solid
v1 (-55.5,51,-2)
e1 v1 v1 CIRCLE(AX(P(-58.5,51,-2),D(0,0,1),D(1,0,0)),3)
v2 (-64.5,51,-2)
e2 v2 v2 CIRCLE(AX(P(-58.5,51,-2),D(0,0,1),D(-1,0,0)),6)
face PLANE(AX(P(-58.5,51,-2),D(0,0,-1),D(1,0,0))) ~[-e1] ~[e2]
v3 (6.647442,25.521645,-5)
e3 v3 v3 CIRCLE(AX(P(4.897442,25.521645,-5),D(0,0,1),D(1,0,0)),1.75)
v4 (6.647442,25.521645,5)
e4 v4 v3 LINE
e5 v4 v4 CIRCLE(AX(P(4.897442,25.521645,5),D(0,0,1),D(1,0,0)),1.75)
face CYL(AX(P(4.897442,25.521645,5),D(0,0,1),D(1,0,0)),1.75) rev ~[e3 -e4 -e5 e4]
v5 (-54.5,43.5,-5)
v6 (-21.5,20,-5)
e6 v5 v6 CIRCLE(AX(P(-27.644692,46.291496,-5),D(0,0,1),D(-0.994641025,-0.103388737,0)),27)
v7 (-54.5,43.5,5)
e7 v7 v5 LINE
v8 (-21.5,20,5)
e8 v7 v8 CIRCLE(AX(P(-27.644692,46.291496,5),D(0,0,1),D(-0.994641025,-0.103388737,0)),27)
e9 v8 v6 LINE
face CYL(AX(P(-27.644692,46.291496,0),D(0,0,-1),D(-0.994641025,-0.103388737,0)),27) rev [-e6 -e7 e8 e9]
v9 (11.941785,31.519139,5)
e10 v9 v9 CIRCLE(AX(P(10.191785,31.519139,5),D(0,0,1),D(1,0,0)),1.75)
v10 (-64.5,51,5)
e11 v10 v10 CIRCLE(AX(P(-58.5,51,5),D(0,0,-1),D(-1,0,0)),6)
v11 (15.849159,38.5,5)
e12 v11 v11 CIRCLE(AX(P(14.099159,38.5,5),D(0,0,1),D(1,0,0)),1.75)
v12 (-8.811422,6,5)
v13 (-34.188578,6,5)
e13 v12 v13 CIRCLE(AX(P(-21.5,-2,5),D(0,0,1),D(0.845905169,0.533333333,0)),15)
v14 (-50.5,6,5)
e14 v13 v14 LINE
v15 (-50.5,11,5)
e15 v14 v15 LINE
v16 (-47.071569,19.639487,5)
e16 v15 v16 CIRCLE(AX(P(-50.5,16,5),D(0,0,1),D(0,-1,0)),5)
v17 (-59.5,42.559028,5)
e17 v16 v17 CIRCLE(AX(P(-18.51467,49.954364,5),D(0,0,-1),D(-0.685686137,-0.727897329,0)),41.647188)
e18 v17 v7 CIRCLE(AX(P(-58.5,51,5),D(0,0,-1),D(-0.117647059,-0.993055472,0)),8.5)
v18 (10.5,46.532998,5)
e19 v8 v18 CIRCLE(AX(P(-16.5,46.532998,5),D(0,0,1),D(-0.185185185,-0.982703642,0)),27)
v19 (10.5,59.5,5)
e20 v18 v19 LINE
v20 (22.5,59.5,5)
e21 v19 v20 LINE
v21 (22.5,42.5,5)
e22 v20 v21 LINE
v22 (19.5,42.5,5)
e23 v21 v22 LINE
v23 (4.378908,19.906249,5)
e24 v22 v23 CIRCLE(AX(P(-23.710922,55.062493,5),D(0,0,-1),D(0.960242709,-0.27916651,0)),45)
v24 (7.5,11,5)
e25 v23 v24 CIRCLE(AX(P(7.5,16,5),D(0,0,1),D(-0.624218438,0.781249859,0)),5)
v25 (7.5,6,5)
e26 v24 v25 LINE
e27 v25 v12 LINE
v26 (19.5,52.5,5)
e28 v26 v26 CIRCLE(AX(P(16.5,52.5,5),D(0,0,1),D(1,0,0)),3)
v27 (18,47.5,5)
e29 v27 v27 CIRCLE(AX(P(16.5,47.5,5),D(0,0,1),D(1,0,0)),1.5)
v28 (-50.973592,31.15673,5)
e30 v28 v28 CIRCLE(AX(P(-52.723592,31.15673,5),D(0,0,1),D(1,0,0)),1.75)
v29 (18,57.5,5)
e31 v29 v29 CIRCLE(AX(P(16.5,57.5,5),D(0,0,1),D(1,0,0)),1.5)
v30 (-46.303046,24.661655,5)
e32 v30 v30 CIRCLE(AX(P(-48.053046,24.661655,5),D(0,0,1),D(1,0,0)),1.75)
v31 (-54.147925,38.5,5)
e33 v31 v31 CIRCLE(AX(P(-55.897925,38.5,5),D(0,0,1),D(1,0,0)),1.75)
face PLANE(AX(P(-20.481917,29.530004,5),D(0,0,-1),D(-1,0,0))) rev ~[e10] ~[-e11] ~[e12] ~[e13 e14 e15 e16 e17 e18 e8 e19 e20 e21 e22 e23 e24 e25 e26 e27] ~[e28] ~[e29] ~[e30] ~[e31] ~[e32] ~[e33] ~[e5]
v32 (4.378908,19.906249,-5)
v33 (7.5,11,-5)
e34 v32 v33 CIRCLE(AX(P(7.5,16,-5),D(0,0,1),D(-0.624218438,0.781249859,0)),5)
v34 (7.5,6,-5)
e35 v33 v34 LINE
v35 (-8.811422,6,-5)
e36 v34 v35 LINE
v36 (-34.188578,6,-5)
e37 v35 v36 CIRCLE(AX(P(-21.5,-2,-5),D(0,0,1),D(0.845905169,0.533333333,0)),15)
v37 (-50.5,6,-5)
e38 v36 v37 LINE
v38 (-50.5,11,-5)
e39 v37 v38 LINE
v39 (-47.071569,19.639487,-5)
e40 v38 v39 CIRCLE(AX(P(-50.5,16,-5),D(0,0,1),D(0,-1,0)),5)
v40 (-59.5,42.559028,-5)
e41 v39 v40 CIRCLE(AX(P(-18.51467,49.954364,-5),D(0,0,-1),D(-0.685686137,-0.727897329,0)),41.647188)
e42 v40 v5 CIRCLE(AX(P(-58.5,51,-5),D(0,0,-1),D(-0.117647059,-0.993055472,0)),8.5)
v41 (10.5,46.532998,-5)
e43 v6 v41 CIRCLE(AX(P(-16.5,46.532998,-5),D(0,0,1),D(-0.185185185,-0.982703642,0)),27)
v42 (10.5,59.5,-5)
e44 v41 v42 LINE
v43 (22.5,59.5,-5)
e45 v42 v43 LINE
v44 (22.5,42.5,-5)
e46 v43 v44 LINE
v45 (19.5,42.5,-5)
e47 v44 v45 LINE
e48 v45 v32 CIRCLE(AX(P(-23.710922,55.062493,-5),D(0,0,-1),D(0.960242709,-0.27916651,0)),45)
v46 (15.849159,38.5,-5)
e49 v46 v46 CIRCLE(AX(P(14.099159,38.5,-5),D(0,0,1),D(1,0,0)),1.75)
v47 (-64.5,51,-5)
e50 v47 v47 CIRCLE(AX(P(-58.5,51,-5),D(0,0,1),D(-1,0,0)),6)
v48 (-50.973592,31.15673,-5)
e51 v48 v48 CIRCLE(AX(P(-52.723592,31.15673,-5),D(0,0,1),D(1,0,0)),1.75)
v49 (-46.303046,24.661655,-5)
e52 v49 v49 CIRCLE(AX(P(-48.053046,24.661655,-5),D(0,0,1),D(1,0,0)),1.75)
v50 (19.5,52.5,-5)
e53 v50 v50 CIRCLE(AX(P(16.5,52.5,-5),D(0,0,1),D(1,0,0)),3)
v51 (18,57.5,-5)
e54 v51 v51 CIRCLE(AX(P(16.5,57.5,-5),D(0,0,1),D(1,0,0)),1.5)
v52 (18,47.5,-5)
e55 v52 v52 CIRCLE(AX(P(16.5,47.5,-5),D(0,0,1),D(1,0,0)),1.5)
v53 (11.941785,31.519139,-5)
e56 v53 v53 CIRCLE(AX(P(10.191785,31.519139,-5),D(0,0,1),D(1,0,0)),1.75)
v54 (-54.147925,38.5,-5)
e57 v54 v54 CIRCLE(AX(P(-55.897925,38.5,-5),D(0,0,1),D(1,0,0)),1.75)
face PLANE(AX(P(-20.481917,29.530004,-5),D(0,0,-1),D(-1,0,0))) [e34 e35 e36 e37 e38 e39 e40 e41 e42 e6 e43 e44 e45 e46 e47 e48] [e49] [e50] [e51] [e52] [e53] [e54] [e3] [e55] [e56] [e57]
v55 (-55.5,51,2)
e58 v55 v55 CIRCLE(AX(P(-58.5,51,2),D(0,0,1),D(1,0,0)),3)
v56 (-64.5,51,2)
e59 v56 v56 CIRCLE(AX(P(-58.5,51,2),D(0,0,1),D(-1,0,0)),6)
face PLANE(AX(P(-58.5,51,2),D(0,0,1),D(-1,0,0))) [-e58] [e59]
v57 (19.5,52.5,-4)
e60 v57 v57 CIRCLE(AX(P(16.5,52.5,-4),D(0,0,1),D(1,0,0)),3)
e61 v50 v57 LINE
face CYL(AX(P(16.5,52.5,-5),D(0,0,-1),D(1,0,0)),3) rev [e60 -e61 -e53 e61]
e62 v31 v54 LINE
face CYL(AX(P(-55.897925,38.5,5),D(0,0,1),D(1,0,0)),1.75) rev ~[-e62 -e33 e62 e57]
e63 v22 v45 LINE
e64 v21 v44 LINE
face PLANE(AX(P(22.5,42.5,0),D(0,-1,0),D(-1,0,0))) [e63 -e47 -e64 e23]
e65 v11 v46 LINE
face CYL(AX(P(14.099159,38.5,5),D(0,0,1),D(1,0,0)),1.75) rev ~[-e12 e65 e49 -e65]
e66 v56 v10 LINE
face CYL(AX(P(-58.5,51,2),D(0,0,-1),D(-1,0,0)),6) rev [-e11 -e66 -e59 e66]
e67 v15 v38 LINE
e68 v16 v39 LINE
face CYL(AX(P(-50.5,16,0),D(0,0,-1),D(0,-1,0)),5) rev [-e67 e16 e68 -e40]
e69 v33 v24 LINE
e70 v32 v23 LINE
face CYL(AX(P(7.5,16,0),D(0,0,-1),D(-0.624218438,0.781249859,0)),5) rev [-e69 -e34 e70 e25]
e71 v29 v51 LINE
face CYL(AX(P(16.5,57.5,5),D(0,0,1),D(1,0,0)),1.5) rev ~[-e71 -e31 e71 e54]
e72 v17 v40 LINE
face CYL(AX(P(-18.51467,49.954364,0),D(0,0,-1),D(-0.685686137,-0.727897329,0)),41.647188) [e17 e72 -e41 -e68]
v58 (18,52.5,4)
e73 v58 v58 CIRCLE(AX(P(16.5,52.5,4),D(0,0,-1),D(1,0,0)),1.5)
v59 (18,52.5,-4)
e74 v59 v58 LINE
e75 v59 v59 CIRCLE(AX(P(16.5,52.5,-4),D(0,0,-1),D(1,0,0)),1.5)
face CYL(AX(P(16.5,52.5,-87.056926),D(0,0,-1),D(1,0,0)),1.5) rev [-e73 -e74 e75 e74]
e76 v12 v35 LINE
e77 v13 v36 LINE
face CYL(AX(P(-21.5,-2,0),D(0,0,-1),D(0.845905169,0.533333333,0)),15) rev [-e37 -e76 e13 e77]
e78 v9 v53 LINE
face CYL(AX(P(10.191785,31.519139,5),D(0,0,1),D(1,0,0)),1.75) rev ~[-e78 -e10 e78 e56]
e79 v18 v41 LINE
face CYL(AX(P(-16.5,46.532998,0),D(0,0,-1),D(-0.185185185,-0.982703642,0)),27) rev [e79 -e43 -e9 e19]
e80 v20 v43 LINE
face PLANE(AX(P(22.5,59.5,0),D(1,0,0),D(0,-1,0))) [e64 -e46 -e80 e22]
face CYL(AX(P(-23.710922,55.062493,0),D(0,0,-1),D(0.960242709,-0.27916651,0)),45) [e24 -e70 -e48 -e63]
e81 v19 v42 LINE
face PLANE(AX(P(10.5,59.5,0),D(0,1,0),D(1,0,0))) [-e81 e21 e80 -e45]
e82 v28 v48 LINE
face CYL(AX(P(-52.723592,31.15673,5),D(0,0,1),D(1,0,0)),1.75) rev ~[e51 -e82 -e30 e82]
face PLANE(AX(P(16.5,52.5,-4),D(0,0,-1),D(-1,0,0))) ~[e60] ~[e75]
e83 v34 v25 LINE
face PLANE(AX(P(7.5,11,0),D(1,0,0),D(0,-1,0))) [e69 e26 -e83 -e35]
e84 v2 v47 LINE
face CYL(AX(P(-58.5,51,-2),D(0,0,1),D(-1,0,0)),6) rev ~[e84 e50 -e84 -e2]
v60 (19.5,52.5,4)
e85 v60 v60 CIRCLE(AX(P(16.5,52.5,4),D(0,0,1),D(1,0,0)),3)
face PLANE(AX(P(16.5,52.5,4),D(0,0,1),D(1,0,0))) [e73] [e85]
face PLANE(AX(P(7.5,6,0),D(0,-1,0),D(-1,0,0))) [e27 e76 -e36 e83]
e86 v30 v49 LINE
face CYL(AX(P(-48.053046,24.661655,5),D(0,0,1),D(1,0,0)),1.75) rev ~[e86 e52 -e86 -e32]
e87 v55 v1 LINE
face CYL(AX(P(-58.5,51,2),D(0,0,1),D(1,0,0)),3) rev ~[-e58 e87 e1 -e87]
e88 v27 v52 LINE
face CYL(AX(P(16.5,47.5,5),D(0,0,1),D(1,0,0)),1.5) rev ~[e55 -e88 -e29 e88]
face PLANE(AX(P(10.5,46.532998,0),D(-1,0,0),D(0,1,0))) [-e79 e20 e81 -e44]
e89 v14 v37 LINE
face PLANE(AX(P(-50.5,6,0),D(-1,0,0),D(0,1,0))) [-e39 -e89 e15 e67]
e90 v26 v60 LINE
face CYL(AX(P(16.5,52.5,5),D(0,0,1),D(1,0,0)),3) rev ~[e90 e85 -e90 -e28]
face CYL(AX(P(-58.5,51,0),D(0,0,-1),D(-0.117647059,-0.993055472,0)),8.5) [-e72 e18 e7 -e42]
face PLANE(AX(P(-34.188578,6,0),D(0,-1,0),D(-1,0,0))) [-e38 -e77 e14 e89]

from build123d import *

# Parameters (mm, degrees)
EXTRUDE_1_DEPTH          = 5
SKETCH_2_R               = 3
CUT_EXTRUDE_1_DEPTH      = 1
CUT_EXTRUDE_2_DEPTH      = 91.056926441
CUT_EXTRUDE_2_DEPTH_BACK = 91.056926441
SKETCH_3_R               = 1.5
SKETCH_4_R               = 1.5
CUT_EXTRUDE_3_DEPTH      = 91.162353563
SKETCH_5_R               = 1.75
CUT_EXTRUDE_4_DEPTH      = 91.162353563
CUT_EXTRUDE_START        = -3
SKETCH_6_R               = 6
CUT_EXTRUDE_5_DEPTH      = 94.162353563
SKETCH_7_R               = 3
CUT_EXTRUDE_6_DEPTH      = 90.879085443


with BuildPart() as part:
    # 草图1 → 凸台-拉伸1 (new, symmetric)
    with BuildSketch(Plane(origin=(0, 0, 0), x_dir=(-1, 0, 0), z_dir=(0, 0, -1))):
        with BuildLine():
            Line((-7.5, 6), (8.81142246, 6))
            ThreePointArc((8.81142246, 6), (21.5, 13), (34.18857754, 6))
            Line((34.18857754, 6), (50.5, 6))
            Line((50.5, 6), (50.5, 11))
            ThreePointArc((50.5, 11), (45.852558058, 14.155743132), (47.071569313, 19.639486643))
            ThreePointArc((47.071569313, 19.639486643), (55.125553128, 30.1016183), (59.5, 42.559028492))
            ThreePointArc((59.5, 42.559028492), (60.072054975, 59.353361189), (54.5, 43.5))
            ThreePointArc((54.5, 43.5), (43.306585473, 24.298199123), (21.5, 20))
            ThreePointArc((21.5, 20), (-0.73368794, 25.748388632), (-10.5, 46.532998323))
            Line((-10.5, 46.532998323), (-10.5, 59.5))
            Line((-10.5, 59.5), (-22.5, 59.5))
            Line((-22.5, 59.5), (-22.5, 42.5))
            Line((-22.5, 42.5), (-19.5, 42.5))
            ThreePointArc((-19.5, 42.5), (-13.686520363, 30.033883058), (-4.37890781, 19.906249293))
            ThreePointArc((-4.37890781, 19.906249293), (-2.781353665, 14.346404897), (-7.5, 11))
            Line((-7.5, 11), (-7.5, 6))
        make_face()
    extrude(amount=EXTRUDE_1_DEPTH, both=True)

    # 草图2 → 切除-拉伸1 (cut)
    with BuildSketch(Plane.XY.offset(5)):
        with Locations((16.5, 52.5)):
            Circle(SKETCH_2_R)
    cut_extrude_1 = extrude(amount=-CUT_EXTRUDE_1_DEPTH, mode=Mode.SUBTRACT)

    # 草图3 → 切除-拉伸2 (cut, two sides: drawn at the far end of the back side and taken through both)
    with BuildSketch(Plane.XY.offset(4).offset(-CUT_EXTRUDE_2_DEPTH_BACK)):
        with Locations((16.5, 52.5)):
            Circle(SKETCH_3_R)
    extrude(amount=CUT_EXTRUDE_2_DEPTH + CUT_EXTRUDE_2_DEPTH_BACK, mode=Mode.SUBTRACT)

    # 草图4 → 切除-拉伸3 (cut, through all)
    with BuildSketch(Plane.XY.offset(5)):
        with Locations((16.5, 57.5)):
            Circle(SKETCH_4_R)
        with Locations((16.5, 47.5)):
            Circle(SKETCH_4_R)
    extrude(amount=-CUT_EXTRUDE_3_DEPTH, mode=Mode.SUBTRACT)

    # 草图5 → 切除-拉伸4 (cut, through all)
    with BuildSketch(Plane.XY.offset(5)):
        with Locations((14.099159256, 38.5)):
            Circle(SKETCH_5_R)
        with Locations((10.191784732, 31.519138712)):
            Circle(SKETCH_5_R)
        with Locations((4.897441914, 25.521644724)):
            Circle(SKETCH_5_R)
        with Locations((-55.897925178, 38.5)):
            Circle(SKETCH_5_R)
        with Locations((-52.723592313, 31.156730234)):
            Circle(SKETCH_5_R)
        with Locations((-48.053046301, 24.661655181)):
            Circle(SKETCH_5_R)
    extrude(amount=-CUT_EXTRUDE_4_DEPTH, mode=Mode.SUBTRACT)

    # 镜向1: 切除-拉伸1 across plane
    add(cut_extrude_1.mirror(Plane(origin=(0, 0, 0), x_dir=(1, 0, 0), z_dir=(0, 0, -1))), mode=Mode.SUBTRACT)

    # 草图6 → 切除-拉伸5 (cut)
    with BuildSketch(Plane.XY.offset(5).offset(CUT_EXTRUDE_START)):
        with Locations((-58.5, 51)):
            Circle(SKETCH_6_R)
    cut_extrude_5 = extrude(amount=CUT_EXTRUDE_5_DEPTH, mode=Mode.SUBTRACT)

    # 镜向2: 切除-拉伸5 across plane
    add(cut_extrude_5.mirror(Plane.XY), mode=Mode.SUBTRACT)

    # 草图7 → 切除-拉伸6 (cut, through all)
    with BuildSketch(Plane.XY.offset(2)):
        with Locations((-58.5, 51)):
            Circle(SKETCH_7_R)
    extrude(amount=-CUT_EXTRUDE_6_DEPTH, mode=Mode.SUBTRACT)


solid = part.part
